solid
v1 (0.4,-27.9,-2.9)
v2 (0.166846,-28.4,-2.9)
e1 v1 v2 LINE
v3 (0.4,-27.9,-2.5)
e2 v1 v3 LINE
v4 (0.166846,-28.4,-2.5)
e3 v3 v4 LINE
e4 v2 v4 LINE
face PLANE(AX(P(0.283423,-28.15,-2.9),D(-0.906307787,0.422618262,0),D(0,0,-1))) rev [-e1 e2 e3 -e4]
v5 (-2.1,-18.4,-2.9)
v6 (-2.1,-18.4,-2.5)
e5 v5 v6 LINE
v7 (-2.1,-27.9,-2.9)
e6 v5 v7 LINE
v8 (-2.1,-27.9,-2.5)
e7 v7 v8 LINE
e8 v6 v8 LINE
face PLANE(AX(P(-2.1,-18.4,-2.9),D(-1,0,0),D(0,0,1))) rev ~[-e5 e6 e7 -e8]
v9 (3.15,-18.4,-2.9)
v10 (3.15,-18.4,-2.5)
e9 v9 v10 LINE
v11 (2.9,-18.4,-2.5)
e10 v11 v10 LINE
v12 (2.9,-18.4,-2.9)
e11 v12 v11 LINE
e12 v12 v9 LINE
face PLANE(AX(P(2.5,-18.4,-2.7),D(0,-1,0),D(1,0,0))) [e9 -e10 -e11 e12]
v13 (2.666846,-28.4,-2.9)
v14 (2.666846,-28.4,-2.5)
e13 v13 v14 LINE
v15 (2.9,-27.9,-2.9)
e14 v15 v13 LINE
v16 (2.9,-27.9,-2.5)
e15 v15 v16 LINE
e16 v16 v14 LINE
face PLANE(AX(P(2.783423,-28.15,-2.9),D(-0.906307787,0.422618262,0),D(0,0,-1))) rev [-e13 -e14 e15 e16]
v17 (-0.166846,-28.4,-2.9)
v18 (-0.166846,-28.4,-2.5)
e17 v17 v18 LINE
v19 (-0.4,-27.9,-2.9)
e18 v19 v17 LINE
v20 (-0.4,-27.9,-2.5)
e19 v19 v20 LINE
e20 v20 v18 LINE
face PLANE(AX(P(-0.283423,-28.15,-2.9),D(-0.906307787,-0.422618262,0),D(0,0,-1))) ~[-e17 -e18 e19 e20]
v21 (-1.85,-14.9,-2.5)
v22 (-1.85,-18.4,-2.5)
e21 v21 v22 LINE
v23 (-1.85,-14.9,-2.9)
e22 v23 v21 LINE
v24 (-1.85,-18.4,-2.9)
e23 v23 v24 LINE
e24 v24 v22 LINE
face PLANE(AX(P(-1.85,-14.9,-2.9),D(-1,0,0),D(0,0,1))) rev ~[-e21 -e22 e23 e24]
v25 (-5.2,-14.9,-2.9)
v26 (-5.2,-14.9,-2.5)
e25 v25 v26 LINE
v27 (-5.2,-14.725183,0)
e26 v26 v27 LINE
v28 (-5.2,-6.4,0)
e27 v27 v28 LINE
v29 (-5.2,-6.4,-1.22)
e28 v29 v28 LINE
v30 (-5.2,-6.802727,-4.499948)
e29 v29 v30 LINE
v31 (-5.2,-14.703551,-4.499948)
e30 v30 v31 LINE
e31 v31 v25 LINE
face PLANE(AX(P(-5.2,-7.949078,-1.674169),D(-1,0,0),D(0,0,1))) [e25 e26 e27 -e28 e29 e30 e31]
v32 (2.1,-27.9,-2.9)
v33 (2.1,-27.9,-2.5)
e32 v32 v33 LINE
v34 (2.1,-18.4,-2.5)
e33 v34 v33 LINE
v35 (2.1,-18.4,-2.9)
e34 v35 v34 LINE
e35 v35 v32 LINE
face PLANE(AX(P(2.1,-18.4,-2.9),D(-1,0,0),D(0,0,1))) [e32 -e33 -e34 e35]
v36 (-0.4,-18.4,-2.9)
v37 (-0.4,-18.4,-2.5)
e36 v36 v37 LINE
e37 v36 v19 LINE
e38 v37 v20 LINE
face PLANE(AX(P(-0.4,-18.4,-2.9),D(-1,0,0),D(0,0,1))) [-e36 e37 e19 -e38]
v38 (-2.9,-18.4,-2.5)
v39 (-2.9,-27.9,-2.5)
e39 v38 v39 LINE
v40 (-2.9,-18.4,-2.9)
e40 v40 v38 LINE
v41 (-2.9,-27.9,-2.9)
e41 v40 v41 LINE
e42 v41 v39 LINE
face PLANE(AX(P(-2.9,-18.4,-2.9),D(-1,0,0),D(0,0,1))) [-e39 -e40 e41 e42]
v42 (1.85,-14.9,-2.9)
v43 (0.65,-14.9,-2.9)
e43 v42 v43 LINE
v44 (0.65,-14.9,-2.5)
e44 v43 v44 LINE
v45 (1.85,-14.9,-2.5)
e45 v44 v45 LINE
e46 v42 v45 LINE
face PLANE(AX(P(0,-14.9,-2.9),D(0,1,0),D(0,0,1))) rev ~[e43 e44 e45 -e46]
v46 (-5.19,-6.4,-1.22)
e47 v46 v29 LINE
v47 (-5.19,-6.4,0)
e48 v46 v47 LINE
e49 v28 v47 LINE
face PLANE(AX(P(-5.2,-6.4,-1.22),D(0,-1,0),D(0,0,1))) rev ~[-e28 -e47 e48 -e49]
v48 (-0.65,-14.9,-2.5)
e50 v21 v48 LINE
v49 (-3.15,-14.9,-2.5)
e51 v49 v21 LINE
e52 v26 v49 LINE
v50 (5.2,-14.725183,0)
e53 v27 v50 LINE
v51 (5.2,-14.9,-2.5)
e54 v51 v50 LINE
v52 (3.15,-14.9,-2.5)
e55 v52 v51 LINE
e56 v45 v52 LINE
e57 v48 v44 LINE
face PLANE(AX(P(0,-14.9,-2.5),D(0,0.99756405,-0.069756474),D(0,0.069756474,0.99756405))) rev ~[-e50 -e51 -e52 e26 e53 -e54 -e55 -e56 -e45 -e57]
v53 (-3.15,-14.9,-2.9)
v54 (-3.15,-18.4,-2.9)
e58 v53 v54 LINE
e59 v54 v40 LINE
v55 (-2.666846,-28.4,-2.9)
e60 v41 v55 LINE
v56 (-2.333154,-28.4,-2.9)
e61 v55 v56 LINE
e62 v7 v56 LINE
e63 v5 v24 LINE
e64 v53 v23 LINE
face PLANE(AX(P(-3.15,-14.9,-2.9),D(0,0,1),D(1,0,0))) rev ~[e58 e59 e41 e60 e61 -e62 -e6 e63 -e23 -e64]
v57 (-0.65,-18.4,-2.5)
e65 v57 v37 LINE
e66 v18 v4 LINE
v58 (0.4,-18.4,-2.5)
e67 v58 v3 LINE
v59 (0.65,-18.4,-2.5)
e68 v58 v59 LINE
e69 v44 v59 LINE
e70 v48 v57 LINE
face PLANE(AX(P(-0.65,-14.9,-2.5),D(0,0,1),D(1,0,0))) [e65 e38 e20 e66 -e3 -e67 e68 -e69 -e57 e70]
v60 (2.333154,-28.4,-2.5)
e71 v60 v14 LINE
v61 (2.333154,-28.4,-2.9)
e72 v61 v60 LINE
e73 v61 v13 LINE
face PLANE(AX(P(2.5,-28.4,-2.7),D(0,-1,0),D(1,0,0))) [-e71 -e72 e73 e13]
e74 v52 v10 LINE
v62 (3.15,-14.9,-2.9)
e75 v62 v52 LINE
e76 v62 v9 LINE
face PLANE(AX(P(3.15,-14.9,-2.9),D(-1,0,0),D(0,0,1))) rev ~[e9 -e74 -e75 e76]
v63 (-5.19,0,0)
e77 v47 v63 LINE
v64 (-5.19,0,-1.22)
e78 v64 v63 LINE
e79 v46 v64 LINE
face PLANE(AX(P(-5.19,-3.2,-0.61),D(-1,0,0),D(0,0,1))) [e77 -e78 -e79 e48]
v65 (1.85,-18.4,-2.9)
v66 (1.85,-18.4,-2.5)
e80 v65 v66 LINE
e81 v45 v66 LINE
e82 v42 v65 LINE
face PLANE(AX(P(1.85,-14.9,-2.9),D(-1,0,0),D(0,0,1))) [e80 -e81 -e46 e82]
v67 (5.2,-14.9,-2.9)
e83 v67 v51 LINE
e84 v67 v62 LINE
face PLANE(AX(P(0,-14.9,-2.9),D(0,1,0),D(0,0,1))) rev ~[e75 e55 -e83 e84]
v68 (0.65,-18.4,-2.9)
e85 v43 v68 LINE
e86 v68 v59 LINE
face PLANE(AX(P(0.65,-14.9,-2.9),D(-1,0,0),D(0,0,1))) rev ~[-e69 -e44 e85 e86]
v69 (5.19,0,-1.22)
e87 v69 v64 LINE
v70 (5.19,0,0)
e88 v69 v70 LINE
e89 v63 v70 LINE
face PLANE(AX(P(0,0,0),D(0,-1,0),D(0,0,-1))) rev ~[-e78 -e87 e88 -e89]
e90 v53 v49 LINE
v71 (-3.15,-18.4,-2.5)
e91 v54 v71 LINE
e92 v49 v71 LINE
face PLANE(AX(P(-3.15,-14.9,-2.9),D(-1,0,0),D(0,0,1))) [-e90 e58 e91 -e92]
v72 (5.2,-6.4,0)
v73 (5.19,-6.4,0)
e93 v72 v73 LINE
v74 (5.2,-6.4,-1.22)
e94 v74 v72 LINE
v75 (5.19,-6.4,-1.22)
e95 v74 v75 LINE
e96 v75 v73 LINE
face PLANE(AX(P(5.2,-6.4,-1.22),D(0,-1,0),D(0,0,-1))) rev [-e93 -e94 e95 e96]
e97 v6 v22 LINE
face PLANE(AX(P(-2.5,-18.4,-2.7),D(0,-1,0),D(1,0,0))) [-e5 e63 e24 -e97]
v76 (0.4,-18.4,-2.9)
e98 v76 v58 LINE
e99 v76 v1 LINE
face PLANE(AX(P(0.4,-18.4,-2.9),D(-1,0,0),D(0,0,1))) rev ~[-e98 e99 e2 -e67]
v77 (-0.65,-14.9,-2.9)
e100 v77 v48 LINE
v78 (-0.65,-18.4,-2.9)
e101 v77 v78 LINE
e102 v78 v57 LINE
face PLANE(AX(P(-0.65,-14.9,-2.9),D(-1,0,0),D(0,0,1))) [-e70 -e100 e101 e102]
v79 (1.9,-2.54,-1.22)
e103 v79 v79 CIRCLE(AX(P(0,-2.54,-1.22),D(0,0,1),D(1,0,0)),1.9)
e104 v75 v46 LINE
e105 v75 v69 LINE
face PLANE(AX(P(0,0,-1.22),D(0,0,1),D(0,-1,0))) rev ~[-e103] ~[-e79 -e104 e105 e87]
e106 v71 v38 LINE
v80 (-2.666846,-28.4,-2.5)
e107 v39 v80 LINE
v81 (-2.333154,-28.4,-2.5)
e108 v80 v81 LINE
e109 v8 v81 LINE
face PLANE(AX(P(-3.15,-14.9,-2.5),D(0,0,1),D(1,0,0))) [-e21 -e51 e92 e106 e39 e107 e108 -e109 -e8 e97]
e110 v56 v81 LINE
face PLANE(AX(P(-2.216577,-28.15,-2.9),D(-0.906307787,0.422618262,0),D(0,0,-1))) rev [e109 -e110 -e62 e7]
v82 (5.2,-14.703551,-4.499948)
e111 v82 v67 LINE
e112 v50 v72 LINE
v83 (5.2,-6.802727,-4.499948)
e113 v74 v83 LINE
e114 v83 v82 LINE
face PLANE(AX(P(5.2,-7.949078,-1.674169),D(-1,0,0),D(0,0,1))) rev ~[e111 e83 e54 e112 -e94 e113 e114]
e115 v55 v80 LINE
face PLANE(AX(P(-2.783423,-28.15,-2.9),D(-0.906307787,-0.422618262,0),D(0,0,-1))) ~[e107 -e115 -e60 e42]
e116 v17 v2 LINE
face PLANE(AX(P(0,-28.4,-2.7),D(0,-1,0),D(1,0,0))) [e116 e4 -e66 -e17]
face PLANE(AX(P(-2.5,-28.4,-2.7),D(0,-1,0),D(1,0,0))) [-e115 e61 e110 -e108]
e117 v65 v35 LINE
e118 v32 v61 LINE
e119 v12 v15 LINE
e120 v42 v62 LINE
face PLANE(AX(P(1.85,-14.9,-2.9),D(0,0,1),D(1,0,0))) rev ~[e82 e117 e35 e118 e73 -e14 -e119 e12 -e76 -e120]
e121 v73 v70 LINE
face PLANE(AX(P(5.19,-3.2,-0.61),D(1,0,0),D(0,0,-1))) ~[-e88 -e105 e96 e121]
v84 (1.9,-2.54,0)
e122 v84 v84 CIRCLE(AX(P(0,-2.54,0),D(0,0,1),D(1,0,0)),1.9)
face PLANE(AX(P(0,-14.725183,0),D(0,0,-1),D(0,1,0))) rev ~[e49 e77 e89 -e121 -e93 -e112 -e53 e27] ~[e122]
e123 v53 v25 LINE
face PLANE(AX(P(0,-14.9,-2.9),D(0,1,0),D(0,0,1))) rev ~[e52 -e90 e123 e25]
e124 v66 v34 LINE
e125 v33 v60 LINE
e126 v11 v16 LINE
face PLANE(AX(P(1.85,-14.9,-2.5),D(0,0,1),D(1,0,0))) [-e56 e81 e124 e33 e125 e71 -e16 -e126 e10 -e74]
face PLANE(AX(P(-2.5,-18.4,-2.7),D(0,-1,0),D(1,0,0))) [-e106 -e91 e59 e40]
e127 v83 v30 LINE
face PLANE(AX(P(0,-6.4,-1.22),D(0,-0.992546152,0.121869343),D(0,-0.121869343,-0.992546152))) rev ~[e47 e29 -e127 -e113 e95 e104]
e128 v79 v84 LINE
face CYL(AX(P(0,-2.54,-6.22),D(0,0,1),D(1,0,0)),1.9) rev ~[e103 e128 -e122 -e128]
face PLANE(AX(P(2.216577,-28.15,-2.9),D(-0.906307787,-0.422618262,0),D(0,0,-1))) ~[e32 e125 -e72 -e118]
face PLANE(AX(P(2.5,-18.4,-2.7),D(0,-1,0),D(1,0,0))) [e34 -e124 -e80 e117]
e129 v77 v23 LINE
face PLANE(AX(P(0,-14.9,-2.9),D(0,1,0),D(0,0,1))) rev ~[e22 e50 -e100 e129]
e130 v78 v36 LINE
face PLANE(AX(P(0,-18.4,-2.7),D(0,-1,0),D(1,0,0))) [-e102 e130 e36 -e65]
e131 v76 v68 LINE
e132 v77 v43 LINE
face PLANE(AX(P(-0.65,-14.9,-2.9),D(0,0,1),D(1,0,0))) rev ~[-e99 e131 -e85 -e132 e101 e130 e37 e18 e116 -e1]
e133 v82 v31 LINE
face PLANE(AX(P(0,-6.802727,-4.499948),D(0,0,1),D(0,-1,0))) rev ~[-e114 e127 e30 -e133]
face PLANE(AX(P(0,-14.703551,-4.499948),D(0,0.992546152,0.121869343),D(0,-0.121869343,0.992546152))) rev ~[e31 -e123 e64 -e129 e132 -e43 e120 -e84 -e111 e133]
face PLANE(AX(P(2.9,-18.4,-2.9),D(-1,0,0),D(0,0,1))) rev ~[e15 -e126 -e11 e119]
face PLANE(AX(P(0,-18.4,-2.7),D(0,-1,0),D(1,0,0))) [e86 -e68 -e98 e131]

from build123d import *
from OCP.BRepFilletAPI import BRepFilletAPI_MakeChamfer

# Parameters (mm, degrees)
LINEAR_AUSTRAGEN1_DEPTH              = 5.2
F_3_8_3_8_DURCHMESSER_BOHRUNG1_D     = 3.8
F_3_8_3_8_DURCHMESSER_BOHRUNG1_DEPTH = 5
F_3_8_3_8_DURCHMESSER_BOHRUNG1_TIP   = 1.141635176
SKIZZE4_W                            = 1.3
SKIZZE4_H                            = 0.4
LINEAR_AUSTRAGEN2_DEPTH              = 3.5
SKIZZE5_W                            = 0.8
SKIZZE5_H                            = 0.4
LINEAR_AUSTRAGEN3_DEPTH              = 10
FASE1_SIZE                           = 0.5
FASE1_SIZE2                          = 0.233153829
SKIZZE7_W                            = 1.22
SKIZZE7_H                            = 6.4
SCHNITT_LINEAR_AUSTRAGEN1_DEPTH      = 0.01


with BuildPart() as part:
    # Skizze1 → Linear austragen1 (new, symmetric)
    with BuildSketch(Plane(origin=(0, 0, 0), x_dir=(0, 0, -1), z_dir=(1, 0, 0))):
        Polygon((0, 0), (1.22, 0), (1.22, -6.4), (4.499948007, -6.802726976), (4.499948007, -14.703551087), (2.9, -14.9), (2.5, -14.9), (0, -14.72518297), align=None)
    extrude(amount=LINEAR_AUSTRAGEN1_DEPTH, both=True)

    # Ø3.8 (3.8) Durchmesser Bohrung1
    with Locations(Plane(origin=(0, 0, -1.22), x_dir=(-1, 0, 0), z_dir=(0, 0, -1))):
        with Locations((0, -2.54)):
            Hole(F_3_8_3_8_DURCHMESSER_BOHRUNG1_D / 2, depth=F_3_8_3_8_DURCHMESSER_BOHRUNG1_DEPTH)
            with Locations((0, 0, -(F_3_8_3_8_DURCHMESSER_BOHRUNG1_DEPTH + F_3_8_3_8_DURCHMESSER_BOHRUNG1_TIP / 2))):  # 118° drill point
                Cone(0, F_3_8_3_8_DURCHMESSER_BOHRUNG1_D / 2, F_3_8_3_8_DURCHMESSER_BOHRUNG1_TIP, mode=Mode.SUBTRACT)

    # Skizze4 → Linear austragen2 (add)
    with BuildSketch(Plane.XZ.offset(14.9)):
        with Locations((-2.5, -2.7)):
            Rectangle(SKIZZE4_W, SKIZZE4_H)
        with Locations((0, -2.7)):
            Rectangle(SKIZZE4_W, SKIZZE4_H)
        with Locations((2.5, -2.7)):
            Rectangle(SKIZZE4_W, SKIZZE4_H)
    extrude(amount=LINEAR_AUSTRAGEN2_DEPTH)

    # Skizze5 → Linear austragen3 (add)
    with BuildSketch(Plane.XZ.offset(18.4)):
        with Locations((2.5, -2.7)):
            Rectangle(SKIZZE5_W, SKIZZE5_H)
        with Locations((0, -2.7)):
            Rectangle(SKIZZE5_W, SKIZZE5_H)
        with Locations((-2.5, -2.7)):
            Rectangle(SKIZZE5_W, SKIZZE5_H)
    extrude(amount=LINEAR_AUSTRAGEN3_DEPTH)

    # Fase1: one chamfer whose edges measure the first distance from different faces: ONE call of the kernel's chamfer builder (chamfer() names one face for all edges)
    fase1_edges_1 = [part.edges().sort_by_distance(p)[0] for p in [
        (-2.9, -28.4, -2.7),
    ]]
    fase1_side_1 = [part.faces().sort_by_distance(p)[0] for p in [
        (-2.9, -23.4, -2.7),
    ]]
    fase1_edges_2 = [part.edges().sort_by_distance(p)[0] for p in [
        (-2.1, -28.4, -2.7),
    ]]
    fase1_side_2 = [part.faces().sort_by_distance(p)[0] for p in [
        (-2.1, -23.4, -2.7),
    ]]
    fase1_edges_3 = [part.edges().sort_by_distance(p)[0] for p in [
        (0.4, -28.4, -2.7),
    ]]
    fase1_side_3 = [part.faces().sort_by_distance(p)[0] for p in [
        (0.4, -23.4, -2.7),
    ]]
    fase1_edges_4 = [part.edges().sort_by_distance(p)[0] for p in [
        (-0.4, -28.4, -2.7),
    ]]
    fase1_side_4 = [part.faces().sort_by_distance(p)[0] for p in [
        (-0.4, -23.4, -2.7),
    ]]
    fase1_edges_5 = [part.edges().sort_by_distance(p)[0] for p in [
        (2.1, -28.4, -2.7),
    ]]
    fase1_side_5 = [part.faces().sort_by_distance(p)[0] for p in [
        (2.1, -23.4, -2.7),
    ]]
    fase1_edges_6 = [part.edges().sort_by_distance(p)[0] for p in [
        (2.9, -28.4, -2.7),
    ]]
    fase1_side_6 = [part.faces().sort_by_distance(p)[0] for p in [
        (2.9, -23.4, -2.7),
    ]]
    fase1 = BRepFilletAPI_MakeChamfer(part.part.solid().wrapped)
    for e in fase1_edges_1:
        fase1.Add(FASE1_SIZE, FASE1_SIZE2, e.wrapped, fase1_side_1[0].wrapped)  # the first distance lies on this face
    for e in fase1_edges_2:
        fase1.Add(FASE1_SIZE, FASE1_SIZE2, e.wrapped, fase1_side_2[0].wrapped)  # the first distance lies on this face
    for e in fase1_edges_3:
        fase1.Add(FASE1_SIZE, FASE1_SIZE2, e.wrapped, fase1_side_3[0].wrapped)  # the first distance lies on this face
    for e in fase1_edges_4:
        fase1.Add(FASE1_SIZE, FASE1_SIZE2, e.wrapped, fase1_side_4[0].wrapped)  # the first distance lies on this face
    for e in fase1_edges_5:
        fase1.Add(FASE1_SIZE, FASE1_SIZE2, e.wrapped, fase1_side_5[0].wrapped)  # the first distance lies on this face
    for e in fase1_edges_6:
        fase1.Add(FASE1_SIZE, FASE1_SIZE2, e.wrapped, fase1_side_6[0].wrapped)  # the first distance lies on this face
    add(Compound.cast(fase1.Shape()), mode=Mode.REPLACE)

    # Skizze7 → Schnitt-Linear austragen1 (cut)
    with BuildSketch(Plane.ZY.offset(5.2)):
        with Locations((-0.61, -3.2)):
            Rectangle(SKIZZE7_W, SKIZZE7_H)
    schnitt_linear_austragen1 = extrude(amount=-SCHNITT_LINEAR_AUSTRAGEN1_DEPTH, mode=Mode.SUBTRACT)

    # Spiegeln1: Schnitt-Linear austragen1 across plane
    add(schnitt_linear_austragen1.mirror(Plane(origin=(0, 0, 0), x_dir=(0, 0, 1), z_dir=(1, 0, 0))), mode=Mode.SUBTRACT)


solid = part.part
